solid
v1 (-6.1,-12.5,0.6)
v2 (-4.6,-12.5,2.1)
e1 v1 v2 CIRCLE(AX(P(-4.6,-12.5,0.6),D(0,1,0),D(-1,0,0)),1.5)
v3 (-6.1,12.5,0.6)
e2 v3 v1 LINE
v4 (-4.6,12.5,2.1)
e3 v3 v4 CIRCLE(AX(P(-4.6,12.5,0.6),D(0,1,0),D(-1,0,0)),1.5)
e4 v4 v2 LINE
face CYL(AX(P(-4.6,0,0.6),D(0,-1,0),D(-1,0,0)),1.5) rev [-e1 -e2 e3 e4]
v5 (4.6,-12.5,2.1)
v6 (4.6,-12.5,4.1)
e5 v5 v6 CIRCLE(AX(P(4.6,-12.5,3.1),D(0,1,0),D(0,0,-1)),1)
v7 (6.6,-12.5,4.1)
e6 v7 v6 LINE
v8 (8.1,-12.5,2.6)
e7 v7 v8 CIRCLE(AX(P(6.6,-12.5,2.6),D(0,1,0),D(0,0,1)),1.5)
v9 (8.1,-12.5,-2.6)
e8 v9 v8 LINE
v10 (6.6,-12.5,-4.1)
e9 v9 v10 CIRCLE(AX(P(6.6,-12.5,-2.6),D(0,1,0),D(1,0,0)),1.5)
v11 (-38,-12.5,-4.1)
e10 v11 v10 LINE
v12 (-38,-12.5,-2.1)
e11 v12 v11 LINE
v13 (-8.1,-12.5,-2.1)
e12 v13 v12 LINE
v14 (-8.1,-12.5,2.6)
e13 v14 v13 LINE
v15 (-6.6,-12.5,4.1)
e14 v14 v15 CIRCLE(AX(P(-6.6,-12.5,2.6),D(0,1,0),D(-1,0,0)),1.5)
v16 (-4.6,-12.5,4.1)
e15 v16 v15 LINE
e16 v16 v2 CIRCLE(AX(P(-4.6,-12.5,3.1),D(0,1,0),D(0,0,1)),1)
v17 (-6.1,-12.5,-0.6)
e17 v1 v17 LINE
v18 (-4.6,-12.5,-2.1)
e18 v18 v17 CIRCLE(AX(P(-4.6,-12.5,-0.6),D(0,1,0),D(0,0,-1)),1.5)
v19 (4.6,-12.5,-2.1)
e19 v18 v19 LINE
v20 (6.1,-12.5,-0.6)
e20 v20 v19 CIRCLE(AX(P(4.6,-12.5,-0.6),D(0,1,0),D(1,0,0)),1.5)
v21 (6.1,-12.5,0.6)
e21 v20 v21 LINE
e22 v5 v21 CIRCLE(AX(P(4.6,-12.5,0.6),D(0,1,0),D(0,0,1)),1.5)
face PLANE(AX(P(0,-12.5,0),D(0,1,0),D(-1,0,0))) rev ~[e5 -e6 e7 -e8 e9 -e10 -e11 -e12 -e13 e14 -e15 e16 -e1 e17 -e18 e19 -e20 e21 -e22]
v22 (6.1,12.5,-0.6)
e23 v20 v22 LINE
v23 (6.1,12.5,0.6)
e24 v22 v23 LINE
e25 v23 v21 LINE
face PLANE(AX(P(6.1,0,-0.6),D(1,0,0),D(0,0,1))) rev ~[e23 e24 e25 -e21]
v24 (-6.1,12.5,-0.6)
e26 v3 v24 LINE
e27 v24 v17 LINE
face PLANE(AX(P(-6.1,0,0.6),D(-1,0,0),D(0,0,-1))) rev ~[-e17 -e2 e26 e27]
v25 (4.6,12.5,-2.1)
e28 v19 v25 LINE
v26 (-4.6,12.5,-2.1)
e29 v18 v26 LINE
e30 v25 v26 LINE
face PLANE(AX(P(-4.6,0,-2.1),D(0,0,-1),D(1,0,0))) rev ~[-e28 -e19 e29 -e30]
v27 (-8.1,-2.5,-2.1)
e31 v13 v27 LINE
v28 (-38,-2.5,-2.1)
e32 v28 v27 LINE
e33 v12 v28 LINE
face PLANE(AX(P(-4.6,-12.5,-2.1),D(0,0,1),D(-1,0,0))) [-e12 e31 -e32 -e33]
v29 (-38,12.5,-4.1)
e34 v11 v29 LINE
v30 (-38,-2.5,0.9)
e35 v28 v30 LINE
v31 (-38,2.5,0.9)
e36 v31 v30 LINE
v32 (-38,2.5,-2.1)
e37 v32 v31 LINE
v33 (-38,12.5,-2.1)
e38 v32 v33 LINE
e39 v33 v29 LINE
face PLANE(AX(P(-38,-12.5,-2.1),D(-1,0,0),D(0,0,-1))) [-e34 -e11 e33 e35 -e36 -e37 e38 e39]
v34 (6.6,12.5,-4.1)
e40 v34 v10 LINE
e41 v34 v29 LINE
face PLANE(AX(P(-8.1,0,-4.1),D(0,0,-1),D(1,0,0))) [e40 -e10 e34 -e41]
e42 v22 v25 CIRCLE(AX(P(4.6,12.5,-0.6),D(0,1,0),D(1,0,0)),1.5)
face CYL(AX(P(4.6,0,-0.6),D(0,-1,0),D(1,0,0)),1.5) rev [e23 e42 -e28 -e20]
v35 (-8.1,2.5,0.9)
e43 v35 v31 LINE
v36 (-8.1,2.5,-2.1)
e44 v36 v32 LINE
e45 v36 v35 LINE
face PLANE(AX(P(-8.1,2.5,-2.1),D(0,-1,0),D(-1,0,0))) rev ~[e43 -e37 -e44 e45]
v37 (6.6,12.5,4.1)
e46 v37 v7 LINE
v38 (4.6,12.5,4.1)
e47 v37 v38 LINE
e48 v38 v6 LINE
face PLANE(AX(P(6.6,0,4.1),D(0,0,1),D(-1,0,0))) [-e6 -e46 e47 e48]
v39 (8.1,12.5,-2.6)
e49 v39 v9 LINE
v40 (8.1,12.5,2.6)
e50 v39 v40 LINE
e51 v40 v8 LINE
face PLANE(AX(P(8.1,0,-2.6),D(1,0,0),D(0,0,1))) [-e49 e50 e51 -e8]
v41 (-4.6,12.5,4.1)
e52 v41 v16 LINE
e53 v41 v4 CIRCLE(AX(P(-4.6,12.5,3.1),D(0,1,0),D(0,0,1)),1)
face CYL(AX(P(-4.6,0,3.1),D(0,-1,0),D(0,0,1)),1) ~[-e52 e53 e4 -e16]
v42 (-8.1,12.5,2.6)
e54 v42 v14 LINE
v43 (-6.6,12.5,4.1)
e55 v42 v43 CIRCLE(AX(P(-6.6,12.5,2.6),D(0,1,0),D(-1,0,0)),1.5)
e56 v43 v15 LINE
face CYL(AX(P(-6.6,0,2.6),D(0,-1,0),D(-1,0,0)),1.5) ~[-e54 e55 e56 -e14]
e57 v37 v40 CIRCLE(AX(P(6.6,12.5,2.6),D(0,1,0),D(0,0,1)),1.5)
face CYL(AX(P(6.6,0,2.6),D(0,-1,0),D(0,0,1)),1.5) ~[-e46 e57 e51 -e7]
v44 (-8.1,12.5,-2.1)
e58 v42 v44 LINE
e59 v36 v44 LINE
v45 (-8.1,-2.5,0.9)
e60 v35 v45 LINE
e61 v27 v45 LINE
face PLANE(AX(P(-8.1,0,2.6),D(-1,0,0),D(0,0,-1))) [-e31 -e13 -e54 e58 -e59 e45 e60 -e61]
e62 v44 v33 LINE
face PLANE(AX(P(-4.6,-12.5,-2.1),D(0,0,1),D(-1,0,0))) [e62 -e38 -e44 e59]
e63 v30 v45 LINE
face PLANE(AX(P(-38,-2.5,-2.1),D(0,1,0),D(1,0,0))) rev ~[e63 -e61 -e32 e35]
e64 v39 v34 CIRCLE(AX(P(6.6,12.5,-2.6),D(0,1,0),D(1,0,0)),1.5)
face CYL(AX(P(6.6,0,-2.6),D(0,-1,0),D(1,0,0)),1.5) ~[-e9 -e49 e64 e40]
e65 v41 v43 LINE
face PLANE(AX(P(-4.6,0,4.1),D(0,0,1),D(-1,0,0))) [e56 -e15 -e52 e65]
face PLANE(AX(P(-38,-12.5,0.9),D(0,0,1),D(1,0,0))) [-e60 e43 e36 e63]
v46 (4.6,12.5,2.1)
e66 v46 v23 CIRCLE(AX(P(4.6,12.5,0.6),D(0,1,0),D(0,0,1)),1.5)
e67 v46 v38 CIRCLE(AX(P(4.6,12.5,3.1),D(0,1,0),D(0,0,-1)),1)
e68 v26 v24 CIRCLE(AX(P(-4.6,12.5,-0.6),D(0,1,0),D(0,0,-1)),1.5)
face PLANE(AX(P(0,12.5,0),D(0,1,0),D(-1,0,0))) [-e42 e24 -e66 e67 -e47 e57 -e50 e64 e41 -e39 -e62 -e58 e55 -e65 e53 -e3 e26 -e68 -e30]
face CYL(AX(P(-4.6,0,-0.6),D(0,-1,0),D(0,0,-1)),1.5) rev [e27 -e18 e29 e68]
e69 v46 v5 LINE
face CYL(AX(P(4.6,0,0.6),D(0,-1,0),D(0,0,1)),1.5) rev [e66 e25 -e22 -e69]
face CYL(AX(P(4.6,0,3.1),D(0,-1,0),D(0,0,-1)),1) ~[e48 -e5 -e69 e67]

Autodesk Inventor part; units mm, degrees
ref_plane "YZ Plane" through (0, 0, 0) normal (1, 0, 0) x (0, 1, 0)
ref_plane "XZ Plane" through (0, 0, 0) normal (0, 1, 0) x (-1, 0, 0)
ref_plane "XY Plane" through (0, 0, 0) normal (0, 0, 1) x (1, 0, 0)
sketch "Hook_Base_Skt" plane through (0, 0, 0) normal (0, 1, 0) x (-1, 0, 0)
  line L0 (4.6, -2.1) -> (-4.6, -2.1)
  line L1 (-6.1, -0.6) -> (-6.1, 0.6)
  line L2 (-4.6, 2.1) -> (4.6, 2.1) construction
  line L3 (6.1, 0.6) -> (6.1, -0.6)
  line L4 (6.1, -2.1) -> (-6.1, 2.1) construction
  line L5 (-6.1, -2.1) -> (6.1, 2.1) construction
  line L6 (8.1, -4.1) -> (-6.6, -4.1)
  line L7 (-8.1, -2.6) -> (-8.1, 2.6)
  line L8 (-6.6, 4.1) -> (-4.6, 4.1)
  line L9 (8.1, 2.6) -> (8.1, -4.1)
  line L10 (8.1, -4.1) -> (-8.1, 4.1) construction
  line L11 (-8.1, -4.1) -> (8.1, 4.1) construction
  arc A0 (6.1, 0.6) -> (4.6, 2.1) centre (4.6, 0.6) ccw
  arc A1 (4.6, -2.1) -> (6.1, -0.6) centre (4.6, -0.6) ccw
  arc A2 (-6.1, -0.6) -> (-4.6, -2.1) centre (-4.6, -0.6) ccw
  arc A3 (-4.6, 2.1) -> (-6.1, 0.6) centre (-4.6, 0.6) ccw
  arc A4 (8.1, 2.6) -> (6.6, 4.1) centre (6.6, 2.6) ccw
  arc A5 (-6.6, 4.1) -> (-8.1, 2.6) centre (-6.6, 2.6) ccw
  arc A6 (-8.1, -2.6) -> (-6.6, -4.1) centre (-6.6, -2.6) ccw
  arc A7 (4.6, 4.1) -> (4.6, 2.1) centre (4.6, 3.1) ccw
  arc A8 (-4.6, 2.1) -> (-4.6, 4.1) centre (-4.6, 3.1) ccw
  line L12 (4.6, 4.1) -> (6.6, 4.1)
  line L13 (-4.6, 4.1) -> (4.6, 4.1) construction
  point P0 (0, 0)
  dimension "d29" = 12.2
  dimension "d30" = 4.2
  dimension "d31" = 2
  dimension "d32" = 2
  dimension "d34" = 1.5
extrude "Hook_Base" add sketch "Hook_Base_Skt" along normal mid plane 25
sketch "Arm_Skt" plane through (0, -12.5, 0) normal (0, -1, 0) x (1, 0, 0)
  line L0 (4.6, -2.1) -> (-4.6, -2.1) projected
  line L1 (0, -2.1) -> (-38, -2.1)
  line L2 (-38, -2.1) -> (-38, -4.1)
  line L3 (-38, -4.1) -> (0, -4.1)
  line L4 (6.6, -4.1) -> (-8.1, -4.1) projected
  line L5 (0, -4.1) -> (0, -2.1)
  point P0 (0, 0)
  dimension "d35" = 38
extrude "Arm" add sketch "Arm_Skt" against normal up to surface (25 mm away) from surface at 0
sketch "Arm_Rib_Skt" plane through (-38, -12.5, -2.1) normal (0, 0, 1) x (1, 0, 0)
  line L0 (38, 12.5) -> (0, 12.5) construction
  line L1 (0, 25) -> (0, 0) construction
  line L2 (29.9, 25) -> (29.9, 0) projected
  line L3 (0, 10) -> (29.9, 10)
  line L4 (29.9, 10) -> (29.9, 15)
  line L5 (29.9, 15) -> (0, 15)
  line L6 (0, 15) -> (0, 10)
  line L7 (0, 25) -> (0, 0) projected
  point P0 (0, 12.5)
  dimension "d38" = 5
extrude "Arm_Rib" add sketch "Arm_Rib_Skt" along normal blind 3
equation "\"d29\" = arm_width + 2 * clearance"
equation "\"d30\" = arm_thick + 2 * clearance"
equation "\"d31\" = hook_thick"
equation "\"d32\" = hook_thick"
equation "\"d34\" = general_fillet"
equation "\"d13\" = hook_width"
equation "\"d35\" = hole_to_border"
equation "\"d38\" = 0.2 * hook_width"
equation "\"d39\" = 1.5 * hook_thick"
equation "\"clearance\" = 0.1"
equation "\"arm_angle\" = 70deg"
equation "\"hole_diam\" = 3.1"
equation "\"hole_h_space\" = 126.2"
equation "\"hole_v_space\" = 65.65"
equation "\"arm_width\" = 12"
equation "\"arm_thick\" = 4"
equation "\"arm_rib_space\" = 1.25"
equation "\"arm_rib_thick\" = 2"
equation "\"base_width\" = 53"
equation "\"base_lenght\" = 138.2"
equation "\"general_fillet\" = 1.5"
equation "\"hole_to_border\" = 38"
equation "\"hook_width\" = 25"
equation "\"hook_thick\" = 2"
equation "\"rfid_width\" = 39.5"
equation "\"rfid_pin_border\" = 8"
equation "\"rfid_pin_width\" = 5"
equation "\"rfid_screw_h\" = 2.5"
equation "\"rfid_screw_v\" = 15.5"
equation "\"rfid_screw_diam\" = 3.1"
equation "\"rfid_clock_pad\" = 3"
equation "\"rfid_clock_h\" = 4.5"
equation "\"rfid_clock_v\" = 8.5"
equation "\"rfid_clock_thick\" = 1.5"
equation "\"finger_width\" = 21"
equation "\"finger_claw_h\" = 8"
equation "\"finger_claw_pad\" = 14"
equation "\"finger_claw_v\" = 7.3"
equation "\"finger_claw_clip\" = 2"
equation "\"finger_claw_ramp\" = 1"
properties part number "Sensor_Hook"
